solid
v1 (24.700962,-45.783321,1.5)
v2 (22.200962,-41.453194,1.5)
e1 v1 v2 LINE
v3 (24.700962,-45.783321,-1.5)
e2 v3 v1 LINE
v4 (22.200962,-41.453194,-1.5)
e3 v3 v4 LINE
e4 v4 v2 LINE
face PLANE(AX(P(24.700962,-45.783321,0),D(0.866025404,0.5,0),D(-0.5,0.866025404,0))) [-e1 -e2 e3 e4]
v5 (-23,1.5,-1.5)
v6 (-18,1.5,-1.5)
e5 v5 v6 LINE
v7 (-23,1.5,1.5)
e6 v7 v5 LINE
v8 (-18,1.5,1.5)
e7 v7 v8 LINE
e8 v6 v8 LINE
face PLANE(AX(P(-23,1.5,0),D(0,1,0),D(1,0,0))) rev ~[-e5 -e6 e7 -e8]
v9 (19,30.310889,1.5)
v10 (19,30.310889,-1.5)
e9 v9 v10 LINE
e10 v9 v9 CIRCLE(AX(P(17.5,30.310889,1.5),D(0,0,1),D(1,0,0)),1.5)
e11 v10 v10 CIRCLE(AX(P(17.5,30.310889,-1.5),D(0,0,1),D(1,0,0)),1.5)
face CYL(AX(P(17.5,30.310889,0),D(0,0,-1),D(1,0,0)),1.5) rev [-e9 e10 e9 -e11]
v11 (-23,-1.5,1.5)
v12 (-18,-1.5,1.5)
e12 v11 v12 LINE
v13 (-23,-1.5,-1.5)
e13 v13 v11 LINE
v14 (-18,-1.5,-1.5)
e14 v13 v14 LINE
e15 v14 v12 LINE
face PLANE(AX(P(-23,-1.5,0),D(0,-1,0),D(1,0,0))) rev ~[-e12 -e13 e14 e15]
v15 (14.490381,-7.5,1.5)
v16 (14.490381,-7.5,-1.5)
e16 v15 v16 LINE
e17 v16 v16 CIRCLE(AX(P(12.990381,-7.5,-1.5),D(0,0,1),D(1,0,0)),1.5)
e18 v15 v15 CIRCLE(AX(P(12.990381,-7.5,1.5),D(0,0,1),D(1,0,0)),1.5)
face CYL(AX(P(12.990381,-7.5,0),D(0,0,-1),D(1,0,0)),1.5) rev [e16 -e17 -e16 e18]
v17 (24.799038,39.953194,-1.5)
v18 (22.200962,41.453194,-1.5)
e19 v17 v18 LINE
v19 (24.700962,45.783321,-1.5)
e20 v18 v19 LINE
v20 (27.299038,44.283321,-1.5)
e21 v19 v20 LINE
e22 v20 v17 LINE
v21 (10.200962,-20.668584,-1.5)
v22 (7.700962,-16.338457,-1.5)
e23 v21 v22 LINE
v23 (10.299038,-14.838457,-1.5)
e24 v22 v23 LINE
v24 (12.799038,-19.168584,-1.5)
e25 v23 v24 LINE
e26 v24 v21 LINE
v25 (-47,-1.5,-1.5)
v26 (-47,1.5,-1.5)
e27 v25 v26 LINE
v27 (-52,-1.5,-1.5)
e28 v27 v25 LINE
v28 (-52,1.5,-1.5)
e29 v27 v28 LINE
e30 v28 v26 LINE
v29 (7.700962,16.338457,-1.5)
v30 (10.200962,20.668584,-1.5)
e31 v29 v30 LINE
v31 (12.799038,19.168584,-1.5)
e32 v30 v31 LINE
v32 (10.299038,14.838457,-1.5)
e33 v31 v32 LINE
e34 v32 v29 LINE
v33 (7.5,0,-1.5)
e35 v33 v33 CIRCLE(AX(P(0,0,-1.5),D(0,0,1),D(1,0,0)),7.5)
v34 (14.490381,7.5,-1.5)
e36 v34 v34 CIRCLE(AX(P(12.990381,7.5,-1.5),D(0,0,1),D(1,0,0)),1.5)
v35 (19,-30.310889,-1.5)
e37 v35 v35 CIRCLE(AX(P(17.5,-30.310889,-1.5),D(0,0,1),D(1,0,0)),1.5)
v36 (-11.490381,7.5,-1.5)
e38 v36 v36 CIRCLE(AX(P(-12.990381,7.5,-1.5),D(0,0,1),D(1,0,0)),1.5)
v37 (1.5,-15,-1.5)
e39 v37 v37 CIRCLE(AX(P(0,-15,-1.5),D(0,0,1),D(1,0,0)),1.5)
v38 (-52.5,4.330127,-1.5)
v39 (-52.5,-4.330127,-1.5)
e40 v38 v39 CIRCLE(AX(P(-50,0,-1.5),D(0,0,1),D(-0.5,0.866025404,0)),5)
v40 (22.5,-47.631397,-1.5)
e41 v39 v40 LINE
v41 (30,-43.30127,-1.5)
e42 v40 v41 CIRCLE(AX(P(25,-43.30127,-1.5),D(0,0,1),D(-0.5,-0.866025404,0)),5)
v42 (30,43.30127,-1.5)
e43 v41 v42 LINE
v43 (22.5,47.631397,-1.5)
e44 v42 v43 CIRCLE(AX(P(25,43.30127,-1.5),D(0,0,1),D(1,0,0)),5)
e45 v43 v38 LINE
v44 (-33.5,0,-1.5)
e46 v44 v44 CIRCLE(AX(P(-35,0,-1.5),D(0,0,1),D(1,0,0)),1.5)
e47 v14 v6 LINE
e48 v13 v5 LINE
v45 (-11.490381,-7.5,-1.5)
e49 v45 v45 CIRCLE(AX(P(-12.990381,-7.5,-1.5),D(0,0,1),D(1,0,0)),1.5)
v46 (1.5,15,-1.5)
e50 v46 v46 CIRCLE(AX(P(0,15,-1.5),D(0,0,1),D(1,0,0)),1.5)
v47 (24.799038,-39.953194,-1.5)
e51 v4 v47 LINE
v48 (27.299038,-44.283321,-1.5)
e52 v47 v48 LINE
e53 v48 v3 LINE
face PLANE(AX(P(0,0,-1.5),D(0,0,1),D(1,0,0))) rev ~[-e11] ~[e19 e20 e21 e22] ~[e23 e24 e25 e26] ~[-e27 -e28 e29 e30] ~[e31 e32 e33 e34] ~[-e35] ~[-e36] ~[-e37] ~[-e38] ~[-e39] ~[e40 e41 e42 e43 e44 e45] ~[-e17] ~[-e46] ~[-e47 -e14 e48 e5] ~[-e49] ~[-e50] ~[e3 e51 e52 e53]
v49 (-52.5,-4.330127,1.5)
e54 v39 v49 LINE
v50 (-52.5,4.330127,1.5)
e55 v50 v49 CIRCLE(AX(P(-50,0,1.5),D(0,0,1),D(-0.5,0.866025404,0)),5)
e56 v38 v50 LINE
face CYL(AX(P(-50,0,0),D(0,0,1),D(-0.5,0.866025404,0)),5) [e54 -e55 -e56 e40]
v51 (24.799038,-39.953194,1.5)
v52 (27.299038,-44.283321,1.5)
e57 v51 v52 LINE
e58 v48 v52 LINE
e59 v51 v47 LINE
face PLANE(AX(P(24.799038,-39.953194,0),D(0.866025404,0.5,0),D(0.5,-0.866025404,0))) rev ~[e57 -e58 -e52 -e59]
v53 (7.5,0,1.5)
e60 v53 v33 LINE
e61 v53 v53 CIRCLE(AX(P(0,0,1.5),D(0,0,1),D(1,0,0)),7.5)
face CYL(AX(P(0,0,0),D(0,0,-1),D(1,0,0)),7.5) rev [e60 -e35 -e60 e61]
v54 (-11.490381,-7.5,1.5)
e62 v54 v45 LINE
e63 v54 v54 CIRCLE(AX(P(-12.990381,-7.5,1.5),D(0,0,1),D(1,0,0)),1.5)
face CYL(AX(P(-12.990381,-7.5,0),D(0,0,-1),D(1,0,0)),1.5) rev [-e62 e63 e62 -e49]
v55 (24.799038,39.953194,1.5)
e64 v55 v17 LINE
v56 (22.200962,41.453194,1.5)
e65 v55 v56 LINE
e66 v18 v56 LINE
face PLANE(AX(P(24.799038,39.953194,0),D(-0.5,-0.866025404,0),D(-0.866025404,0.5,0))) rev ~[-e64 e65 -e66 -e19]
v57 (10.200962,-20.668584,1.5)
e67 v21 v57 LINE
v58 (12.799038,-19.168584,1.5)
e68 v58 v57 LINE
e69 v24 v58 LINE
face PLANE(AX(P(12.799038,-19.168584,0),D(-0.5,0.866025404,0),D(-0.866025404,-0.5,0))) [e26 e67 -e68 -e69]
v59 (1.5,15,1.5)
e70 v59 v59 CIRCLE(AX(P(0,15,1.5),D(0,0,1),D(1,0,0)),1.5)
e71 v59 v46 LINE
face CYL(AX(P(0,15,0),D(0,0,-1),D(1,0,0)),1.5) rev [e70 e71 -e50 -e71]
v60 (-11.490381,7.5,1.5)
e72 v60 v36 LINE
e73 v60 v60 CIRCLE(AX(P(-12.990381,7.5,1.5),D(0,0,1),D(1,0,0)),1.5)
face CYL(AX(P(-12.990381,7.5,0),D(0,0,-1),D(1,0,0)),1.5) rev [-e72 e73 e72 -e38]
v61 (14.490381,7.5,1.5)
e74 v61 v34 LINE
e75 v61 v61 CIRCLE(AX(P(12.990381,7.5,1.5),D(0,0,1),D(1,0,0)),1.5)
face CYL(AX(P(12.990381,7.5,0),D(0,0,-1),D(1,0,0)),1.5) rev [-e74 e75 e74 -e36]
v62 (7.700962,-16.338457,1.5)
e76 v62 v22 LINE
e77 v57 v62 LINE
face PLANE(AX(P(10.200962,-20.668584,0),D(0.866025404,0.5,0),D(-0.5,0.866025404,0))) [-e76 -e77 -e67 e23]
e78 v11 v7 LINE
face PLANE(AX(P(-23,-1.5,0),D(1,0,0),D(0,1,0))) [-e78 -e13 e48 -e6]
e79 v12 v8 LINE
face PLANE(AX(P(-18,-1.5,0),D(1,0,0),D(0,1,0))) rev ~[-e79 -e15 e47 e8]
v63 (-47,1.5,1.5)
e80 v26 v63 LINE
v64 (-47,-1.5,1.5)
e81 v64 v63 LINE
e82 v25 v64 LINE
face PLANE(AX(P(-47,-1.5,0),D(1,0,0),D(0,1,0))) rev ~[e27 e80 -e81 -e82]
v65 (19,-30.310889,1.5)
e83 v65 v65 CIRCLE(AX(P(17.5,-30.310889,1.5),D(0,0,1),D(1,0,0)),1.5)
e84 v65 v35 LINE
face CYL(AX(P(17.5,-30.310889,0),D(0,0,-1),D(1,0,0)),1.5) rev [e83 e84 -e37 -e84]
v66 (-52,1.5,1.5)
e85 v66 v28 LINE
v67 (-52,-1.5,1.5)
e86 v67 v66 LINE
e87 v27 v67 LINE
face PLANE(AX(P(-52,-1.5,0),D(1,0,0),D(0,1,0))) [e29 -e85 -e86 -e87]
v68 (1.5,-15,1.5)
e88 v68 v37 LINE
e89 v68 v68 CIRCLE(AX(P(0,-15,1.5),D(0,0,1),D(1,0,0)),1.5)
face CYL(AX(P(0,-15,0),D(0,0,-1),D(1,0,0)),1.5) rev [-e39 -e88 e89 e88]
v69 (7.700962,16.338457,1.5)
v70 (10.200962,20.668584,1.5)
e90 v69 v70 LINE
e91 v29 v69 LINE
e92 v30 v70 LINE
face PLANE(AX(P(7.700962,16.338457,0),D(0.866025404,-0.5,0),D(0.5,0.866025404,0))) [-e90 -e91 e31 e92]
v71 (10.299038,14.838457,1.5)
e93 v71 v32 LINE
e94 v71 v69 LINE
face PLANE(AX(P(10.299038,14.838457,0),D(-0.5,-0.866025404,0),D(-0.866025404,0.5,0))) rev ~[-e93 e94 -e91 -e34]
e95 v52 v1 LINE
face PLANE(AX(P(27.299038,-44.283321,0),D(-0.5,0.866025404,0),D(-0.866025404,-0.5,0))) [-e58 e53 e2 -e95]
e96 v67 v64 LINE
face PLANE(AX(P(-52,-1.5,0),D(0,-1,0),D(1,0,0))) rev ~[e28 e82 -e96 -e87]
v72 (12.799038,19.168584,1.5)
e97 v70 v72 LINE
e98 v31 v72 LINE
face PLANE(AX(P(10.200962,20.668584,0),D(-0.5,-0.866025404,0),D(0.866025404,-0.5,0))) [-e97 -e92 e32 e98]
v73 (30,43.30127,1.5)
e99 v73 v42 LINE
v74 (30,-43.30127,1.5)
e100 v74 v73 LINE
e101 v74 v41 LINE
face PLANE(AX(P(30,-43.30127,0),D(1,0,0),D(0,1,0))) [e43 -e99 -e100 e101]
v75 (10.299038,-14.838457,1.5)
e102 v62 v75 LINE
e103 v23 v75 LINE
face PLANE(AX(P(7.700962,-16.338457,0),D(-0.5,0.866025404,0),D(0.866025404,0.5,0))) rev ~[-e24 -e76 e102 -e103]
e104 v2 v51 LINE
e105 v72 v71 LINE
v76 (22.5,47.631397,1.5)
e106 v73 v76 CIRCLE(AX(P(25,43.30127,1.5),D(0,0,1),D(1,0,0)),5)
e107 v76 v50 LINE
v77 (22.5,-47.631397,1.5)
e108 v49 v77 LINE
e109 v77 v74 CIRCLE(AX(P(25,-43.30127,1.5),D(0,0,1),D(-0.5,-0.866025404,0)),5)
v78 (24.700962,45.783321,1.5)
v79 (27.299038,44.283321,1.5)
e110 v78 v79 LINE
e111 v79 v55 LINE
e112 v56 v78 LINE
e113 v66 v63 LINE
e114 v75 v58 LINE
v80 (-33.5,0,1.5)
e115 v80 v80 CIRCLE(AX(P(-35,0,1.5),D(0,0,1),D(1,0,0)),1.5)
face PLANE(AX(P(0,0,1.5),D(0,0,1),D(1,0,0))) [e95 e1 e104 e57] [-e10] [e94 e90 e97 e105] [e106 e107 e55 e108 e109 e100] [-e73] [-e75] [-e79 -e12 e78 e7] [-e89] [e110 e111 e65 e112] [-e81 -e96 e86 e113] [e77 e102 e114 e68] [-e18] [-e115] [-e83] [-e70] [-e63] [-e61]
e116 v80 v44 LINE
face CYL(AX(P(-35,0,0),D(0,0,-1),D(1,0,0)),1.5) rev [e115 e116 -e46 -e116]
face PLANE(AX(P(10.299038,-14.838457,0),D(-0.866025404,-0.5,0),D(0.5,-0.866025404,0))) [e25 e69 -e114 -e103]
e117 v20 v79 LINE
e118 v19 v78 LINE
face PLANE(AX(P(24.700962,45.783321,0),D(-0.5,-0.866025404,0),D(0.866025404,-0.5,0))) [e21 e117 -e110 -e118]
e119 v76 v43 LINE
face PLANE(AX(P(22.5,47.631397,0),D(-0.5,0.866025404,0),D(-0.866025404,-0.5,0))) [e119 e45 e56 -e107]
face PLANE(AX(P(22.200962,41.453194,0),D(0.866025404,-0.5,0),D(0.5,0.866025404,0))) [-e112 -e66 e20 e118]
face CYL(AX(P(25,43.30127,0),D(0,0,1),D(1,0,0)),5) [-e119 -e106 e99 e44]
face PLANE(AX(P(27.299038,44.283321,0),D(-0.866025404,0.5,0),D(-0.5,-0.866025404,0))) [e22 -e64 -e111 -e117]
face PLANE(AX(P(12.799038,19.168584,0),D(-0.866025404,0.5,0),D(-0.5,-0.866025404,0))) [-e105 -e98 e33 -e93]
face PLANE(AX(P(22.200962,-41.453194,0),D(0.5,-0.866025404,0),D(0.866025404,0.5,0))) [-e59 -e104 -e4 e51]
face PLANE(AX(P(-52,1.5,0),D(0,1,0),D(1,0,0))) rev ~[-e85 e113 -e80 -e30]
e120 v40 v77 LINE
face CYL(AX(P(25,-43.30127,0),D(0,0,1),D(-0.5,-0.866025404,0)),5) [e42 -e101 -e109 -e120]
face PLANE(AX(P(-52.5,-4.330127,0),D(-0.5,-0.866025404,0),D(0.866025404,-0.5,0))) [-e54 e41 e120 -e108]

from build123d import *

# Parameters (mm, degrees)
F0_W     = 5
F0_H     = 3
F0_R     = 1.5
F0_R_2   = 7.5
F1_DEPTH = 1.5


with BuildPart() as f1:
    # F0 (on Top) → F1 (new body, symmetric)
    with BuildSketch(Plane.XY):
        with BuildLine():
            Line((22.5, 47.6313972081), (-52.5, 4.3301270189))
            ThreePointArc((-52.5, 4.3301270189), (-55, 0), (-52.5, -4.3301270189))
            Line((-52.5, -4.3301270189), (22.5, -47.6313972081))
            ThreePointArc((22.5, -47.6313972081), (27.5, -47.6313972081), (30, -43.3012701892))
            Line((30, -43.3012701892), (30, 43.3012701892))
            ThreePointArc((30, 43.3012701892), (27.5, 47.6313972081), (22.5, 47.6313972081))
        make_face()
        with Locations((-49.5, 0)):
            Rectangle(F0_W, F0_H, mode=Mode.SUBTRACT)
        with Locations((-35, 0)):
            Circle(F0_R, mode=Mode.SUBTRACT)
        with Locations((-12.9903810568, -7.5)):
            Circle(F0_R, mode=Mode.SUBTRACT)
        with Locations((-20.5, 0)):
            Rectangle(F0_W, F0_H, mode=Mode.SUBTRACT)
        Polygon((22.2009618943, -41.4531939779), (24.7990381057, -39.9531939779), (27.2990381057, -44.2833209968), (24.7009618943, -45.7833209968), align=None, mode=Mode.SUBTRACT)
        with Locations((17.5, -30.3108891325)):
            Circle(F0_R, mode=Mode.SUBTRACT)
        with Locations((0, -15)):
            Circle(F0_R, mode=Mode.SUBTRACT)
        Circle(F0_R_2, mode=Mode.SUBTRACT)
        Polygon((10.2009618943, -20.668584287), (7.7009618943, -16.3384572681), (10.2990381057, -14.8384572681), (12.7990381057, -19.168584287), align=None, mode=Mode.SUBTRACT)
        with Locations((12.9903810568, -7.5)):
            Circle(F0_R, mode=Mode.SUBTRACT)
        with Locations((-12.9903810568, 7.5)):
            Circle(F0_R, mode=Mode.SUBTRACT)
        with Locations((0, 15)):
            Circle(F0_R, mode=Mode.SUBTRACT)
        with Locations((12.9903810568, 7.5)):
            Circle(F0_R, mode=Mode.SUBTRACT)
        Polygon((12.7990381057, 19.168584287), (10.2990381057, 14.8384572681), (7.7009618943, 16.3384572681), (10.2009618943, 20.668584287), align=None, mode=Mode.SUBTRACT)
        with Locations((17.5, 30.3108891325)):
            Circle(F0_R, mode=Mode.SUBTRACT)
        Polygon((24.7990381057, 39.9531939779), (22.2009618943, 41.4531939779), (24.7009618943, 45.7833209968), (27.2990381057, 44.2833209968), align=None, mode=Mode.SUBTRACT)
    extrude(amount=F1_DEPTH, both=True)


solid = f1.part
